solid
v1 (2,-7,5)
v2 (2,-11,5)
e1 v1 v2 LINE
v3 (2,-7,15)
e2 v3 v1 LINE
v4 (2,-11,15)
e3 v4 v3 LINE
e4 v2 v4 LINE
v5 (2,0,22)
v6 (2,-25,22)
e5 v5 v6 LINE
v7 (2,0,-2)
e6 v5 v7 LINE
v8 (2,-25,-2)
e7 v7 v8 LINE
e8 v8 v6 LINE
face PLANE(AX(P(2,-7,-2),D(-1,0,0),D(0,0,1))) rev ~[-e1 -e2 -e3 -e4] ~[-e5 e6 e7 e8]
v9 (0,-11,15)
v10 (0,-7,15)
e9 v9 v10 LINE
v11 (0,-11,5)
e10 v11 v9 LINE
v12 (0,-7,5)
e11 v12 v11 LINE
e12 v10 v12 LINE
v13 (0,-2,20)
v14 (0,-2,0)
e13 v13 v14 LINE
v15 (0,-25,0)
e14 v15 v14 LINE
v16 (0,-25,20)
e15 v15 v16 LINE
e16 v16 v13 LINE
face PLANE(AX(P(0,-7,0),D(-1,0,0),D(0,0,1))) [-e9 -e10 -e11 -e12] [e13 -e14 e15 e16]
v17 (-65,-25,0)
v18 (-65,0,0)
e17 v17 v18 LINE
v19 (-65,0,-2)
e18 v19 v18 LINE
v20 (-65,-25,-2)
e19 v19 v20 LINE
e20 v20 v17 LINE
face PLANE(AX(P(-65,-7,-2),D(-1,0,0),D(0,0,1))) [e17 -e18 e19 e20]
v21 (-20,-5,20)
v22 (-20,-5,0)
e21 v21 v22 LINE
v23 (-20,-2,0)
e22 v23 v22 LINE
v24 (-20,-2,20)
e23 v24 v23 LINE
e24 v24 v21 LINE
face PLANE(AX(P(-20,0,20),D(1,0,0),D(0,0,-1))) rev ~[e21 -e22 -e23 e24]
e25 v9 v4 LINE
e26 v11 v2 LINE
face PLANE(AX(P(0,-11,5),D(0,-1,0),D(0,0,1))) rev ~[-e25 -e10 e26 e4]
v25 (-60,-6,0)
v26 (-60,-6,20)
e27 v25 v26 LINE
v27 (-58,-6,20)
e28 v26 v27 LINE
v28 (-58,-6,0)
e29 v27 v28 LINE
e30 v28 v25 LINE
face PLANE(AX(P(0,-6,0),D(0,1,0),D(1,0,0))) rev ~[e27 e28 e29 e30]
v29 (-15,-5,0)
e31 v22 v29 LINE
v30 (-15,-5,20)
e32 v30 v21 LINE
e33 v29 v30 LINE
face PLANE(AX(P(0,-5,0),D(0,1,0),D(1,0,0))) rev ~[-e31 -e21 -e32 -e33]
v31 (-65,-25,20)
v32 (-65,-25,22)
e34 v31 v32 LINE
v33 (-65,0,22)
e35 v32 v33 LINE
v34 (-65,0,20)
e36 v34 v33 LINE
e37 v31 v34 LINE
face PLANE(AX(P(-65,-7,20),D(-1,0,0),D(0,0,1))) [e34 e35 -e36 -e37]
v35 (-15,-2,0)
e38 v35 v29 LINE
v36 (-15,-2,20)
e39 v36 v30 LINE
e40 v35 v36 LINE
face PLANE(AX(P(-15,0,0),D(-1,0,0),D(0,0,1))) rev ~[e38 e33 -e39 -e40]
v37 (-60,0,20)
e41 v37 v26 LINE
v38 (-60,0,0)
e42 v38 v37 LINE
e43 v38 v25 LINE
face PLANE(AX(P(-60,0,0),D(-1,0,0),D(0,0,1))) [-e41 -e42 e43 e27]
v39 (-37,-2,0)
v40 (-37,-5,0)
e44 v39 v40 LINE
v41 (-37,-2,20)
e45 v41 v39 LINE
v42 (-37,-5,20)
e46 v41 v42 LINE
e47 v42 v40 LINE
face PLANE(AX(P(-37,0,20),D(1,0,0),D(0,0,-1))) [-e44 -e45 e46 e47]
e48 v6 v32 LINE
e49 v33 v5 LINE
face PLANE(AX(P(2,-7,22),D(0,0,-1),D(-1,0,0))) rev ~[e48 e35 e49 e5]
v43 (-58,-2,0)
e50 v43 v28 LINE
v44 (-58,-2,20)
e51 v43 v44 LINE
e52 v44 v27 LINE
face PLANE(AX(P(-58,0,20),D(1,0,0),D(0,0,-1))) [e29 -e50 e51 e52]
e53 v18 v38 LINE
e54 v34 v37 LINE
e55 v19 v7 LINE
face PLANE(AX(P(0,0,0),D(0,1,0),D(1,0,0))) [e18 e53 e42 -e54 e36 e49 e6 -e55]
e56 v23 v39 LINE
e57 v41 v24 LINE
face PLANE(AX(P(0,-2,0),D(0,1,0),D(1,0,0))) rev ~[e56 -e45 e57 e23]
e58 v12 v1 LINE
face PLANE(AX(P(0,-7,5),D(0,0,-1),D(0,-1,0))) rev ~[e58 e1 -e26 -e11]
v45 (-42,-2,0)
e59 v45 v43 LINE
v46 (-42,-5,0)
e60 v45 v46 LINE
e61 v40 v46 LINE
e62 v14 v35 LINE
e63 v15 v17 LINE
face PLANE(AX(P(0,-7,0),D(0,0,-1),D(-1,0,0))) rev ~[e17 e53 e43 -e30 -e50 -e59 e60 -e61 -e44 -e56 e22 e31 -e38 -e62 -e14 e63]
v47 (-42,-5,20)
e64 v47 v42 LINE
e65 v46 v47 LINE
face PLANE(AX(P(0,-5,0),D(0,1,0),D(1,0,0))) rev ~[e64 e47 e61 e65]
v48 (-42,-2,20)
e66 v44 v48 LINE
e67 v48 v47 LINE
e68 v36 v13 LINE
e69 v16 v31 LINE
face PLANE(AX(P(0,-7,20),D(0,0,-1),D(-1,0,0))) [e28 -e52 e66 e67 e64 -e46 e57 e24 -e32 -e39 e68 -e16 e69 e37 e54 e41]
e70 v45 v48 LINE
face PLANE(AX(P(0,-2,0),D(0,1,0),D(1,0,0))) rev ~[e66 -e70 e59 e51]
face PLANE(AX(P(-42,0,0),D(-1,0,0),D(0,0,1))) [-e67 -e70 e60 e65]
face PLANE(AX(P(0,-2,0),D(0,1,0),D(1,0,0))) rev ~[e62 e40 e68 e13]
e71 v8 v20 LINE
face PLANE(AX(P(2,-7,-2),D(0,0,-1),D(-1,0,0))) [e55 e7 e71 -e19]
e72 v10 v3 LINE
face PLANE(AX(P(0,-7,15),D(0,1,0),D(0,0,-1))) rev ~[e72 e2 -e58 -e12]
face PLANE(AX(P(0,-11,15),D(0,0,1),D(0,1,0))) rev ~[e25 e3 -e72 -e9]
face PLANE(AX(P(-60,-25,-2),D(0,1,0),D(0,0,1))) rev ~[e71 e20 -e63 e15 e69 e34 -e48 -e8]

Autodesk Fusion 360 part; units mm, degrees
sketch "Sketch1" plane through (0, 0, 0) normal (0, 1, 0) x (1, 0, 0)
  line L0 (0, 0) -> (-58, 0)
  line L1 (-58, 0) -> (-58, -20)
  line L2 (-58, -20) -> (0, -20)
  line L3 (0, -20) -> (0, 0)
extrude "Extrude1" add sketch "Sketch1" against normal blind 2
sketch "Sketch2" plane through (0, 0, 0) normal (0, 1, 0) x (1, 0, 0)
  line L0 (-60, -22) -> (2, -22)
  line L1 (2, -22) -> (2, -20)
  line L2 (2, -20) -> (-60, -20)
  line L3 (-60, -20) -> (-60, -22)
extrude "Extrude2" add sketch "Sketch2" against normal blind 7
sketch "Sketch3" plane through (0, 0, 0) normal (0, 1, 0) x (1, 0, 0)
  line L0 (-60, 0) -> (2, 0)
  line L1 (2, 0) -> (2, 2)
  line L2 (2, 2) -> (-60, 2)
  line L3 (-60, 2) -> (-60, 0)
extrude "Extrude3" add sketch "Sketch3" against normal blind 7
sketch "Sketch4" plane through (0, 0, 0) normal (0, 1, 0) x (1, 0, 0)
  line L0 (0, -20) -> (2, -20)
  line L1 (2, -20) -> (2, 0)
  line L2 (2, 0) -> (0, 0)
  line L3 (0, 0) -> (0, -20)
extrude "Extrude4" add sketch "Sketch4" against normal blind 7
sketch "Sketch5" plane through (0, 0, 0) normal (0, 1, 0) x (1, 0, 0)
  line L0 (-42, -20) -> (-37, -20)
  line L1 (-37, -20) -> (-37, 0)
  line L2 (-37, 0) -> (-42, 0)
  line L3 (-42, 0) -> (-42, -20)
sketch "Sketch6" plane through (0, 0, 0) normal (0, 1, 0) x (1, 0, 0)
extrude "Extrude5" add sketch "Sketch5" against normal blind 5
sketch "Sketch7" plane through (0, 0, 0) normal (0, 1, 0) x (1, 0, 0)
  line L0 (-15, -20) -> (-20, -20)
  line L1 (-20, -20) -> (-20, 0)
  line L2 (-20, 0) -> (-15, 0)
  line L3 (-15, 0) -> (-15, -20)
extrude "Extrude6" add sketch "Sketch7" against normal blind 5
extrude "Extrude7" add 1 faces at (-60, -2.3333, 20.6667) along direction (-1, 0, 0) blind 5
extrude "Extrude8" add 1 faces at (-60, -2.3333, -1.3333) along direction (-1, 0, 0) blind 5
extrude "Extrude9" add 1 faces at (-21, -7, -1.3333) along direction (0, -1, 0) blind 18
sketch "Sketch8" plane through (0, 0, 0) normal (1, 0, 0) x (0, 1, 0)
  line L0 (-7, 5) -> (-11, 5)
  line L1 (-11, 5) -> (-11, 15)
  line L2 (-11, 15) -> (-7, 15)
  line L3 (-7, 15) -> (-7, 5)
extrude "Extrude10" cut sketch "Sketch8" along normal blind 2
sketch "Sketch9" plane through (0, 0, 0) normal (0, 1, 0) x (1, 0, 0)
  line L0 (-60, -20) -> (-58, -20)
  line L1 (-58, -20) -> (-58, 0)
  line L2 (-58, 0) -> (-60, 0)
  line L3 (-60, 0) -> (-60, -20)
  dimension "d21" = 2
extrude "Extrude11" add sketch "Sketch9" against normal blind 6
